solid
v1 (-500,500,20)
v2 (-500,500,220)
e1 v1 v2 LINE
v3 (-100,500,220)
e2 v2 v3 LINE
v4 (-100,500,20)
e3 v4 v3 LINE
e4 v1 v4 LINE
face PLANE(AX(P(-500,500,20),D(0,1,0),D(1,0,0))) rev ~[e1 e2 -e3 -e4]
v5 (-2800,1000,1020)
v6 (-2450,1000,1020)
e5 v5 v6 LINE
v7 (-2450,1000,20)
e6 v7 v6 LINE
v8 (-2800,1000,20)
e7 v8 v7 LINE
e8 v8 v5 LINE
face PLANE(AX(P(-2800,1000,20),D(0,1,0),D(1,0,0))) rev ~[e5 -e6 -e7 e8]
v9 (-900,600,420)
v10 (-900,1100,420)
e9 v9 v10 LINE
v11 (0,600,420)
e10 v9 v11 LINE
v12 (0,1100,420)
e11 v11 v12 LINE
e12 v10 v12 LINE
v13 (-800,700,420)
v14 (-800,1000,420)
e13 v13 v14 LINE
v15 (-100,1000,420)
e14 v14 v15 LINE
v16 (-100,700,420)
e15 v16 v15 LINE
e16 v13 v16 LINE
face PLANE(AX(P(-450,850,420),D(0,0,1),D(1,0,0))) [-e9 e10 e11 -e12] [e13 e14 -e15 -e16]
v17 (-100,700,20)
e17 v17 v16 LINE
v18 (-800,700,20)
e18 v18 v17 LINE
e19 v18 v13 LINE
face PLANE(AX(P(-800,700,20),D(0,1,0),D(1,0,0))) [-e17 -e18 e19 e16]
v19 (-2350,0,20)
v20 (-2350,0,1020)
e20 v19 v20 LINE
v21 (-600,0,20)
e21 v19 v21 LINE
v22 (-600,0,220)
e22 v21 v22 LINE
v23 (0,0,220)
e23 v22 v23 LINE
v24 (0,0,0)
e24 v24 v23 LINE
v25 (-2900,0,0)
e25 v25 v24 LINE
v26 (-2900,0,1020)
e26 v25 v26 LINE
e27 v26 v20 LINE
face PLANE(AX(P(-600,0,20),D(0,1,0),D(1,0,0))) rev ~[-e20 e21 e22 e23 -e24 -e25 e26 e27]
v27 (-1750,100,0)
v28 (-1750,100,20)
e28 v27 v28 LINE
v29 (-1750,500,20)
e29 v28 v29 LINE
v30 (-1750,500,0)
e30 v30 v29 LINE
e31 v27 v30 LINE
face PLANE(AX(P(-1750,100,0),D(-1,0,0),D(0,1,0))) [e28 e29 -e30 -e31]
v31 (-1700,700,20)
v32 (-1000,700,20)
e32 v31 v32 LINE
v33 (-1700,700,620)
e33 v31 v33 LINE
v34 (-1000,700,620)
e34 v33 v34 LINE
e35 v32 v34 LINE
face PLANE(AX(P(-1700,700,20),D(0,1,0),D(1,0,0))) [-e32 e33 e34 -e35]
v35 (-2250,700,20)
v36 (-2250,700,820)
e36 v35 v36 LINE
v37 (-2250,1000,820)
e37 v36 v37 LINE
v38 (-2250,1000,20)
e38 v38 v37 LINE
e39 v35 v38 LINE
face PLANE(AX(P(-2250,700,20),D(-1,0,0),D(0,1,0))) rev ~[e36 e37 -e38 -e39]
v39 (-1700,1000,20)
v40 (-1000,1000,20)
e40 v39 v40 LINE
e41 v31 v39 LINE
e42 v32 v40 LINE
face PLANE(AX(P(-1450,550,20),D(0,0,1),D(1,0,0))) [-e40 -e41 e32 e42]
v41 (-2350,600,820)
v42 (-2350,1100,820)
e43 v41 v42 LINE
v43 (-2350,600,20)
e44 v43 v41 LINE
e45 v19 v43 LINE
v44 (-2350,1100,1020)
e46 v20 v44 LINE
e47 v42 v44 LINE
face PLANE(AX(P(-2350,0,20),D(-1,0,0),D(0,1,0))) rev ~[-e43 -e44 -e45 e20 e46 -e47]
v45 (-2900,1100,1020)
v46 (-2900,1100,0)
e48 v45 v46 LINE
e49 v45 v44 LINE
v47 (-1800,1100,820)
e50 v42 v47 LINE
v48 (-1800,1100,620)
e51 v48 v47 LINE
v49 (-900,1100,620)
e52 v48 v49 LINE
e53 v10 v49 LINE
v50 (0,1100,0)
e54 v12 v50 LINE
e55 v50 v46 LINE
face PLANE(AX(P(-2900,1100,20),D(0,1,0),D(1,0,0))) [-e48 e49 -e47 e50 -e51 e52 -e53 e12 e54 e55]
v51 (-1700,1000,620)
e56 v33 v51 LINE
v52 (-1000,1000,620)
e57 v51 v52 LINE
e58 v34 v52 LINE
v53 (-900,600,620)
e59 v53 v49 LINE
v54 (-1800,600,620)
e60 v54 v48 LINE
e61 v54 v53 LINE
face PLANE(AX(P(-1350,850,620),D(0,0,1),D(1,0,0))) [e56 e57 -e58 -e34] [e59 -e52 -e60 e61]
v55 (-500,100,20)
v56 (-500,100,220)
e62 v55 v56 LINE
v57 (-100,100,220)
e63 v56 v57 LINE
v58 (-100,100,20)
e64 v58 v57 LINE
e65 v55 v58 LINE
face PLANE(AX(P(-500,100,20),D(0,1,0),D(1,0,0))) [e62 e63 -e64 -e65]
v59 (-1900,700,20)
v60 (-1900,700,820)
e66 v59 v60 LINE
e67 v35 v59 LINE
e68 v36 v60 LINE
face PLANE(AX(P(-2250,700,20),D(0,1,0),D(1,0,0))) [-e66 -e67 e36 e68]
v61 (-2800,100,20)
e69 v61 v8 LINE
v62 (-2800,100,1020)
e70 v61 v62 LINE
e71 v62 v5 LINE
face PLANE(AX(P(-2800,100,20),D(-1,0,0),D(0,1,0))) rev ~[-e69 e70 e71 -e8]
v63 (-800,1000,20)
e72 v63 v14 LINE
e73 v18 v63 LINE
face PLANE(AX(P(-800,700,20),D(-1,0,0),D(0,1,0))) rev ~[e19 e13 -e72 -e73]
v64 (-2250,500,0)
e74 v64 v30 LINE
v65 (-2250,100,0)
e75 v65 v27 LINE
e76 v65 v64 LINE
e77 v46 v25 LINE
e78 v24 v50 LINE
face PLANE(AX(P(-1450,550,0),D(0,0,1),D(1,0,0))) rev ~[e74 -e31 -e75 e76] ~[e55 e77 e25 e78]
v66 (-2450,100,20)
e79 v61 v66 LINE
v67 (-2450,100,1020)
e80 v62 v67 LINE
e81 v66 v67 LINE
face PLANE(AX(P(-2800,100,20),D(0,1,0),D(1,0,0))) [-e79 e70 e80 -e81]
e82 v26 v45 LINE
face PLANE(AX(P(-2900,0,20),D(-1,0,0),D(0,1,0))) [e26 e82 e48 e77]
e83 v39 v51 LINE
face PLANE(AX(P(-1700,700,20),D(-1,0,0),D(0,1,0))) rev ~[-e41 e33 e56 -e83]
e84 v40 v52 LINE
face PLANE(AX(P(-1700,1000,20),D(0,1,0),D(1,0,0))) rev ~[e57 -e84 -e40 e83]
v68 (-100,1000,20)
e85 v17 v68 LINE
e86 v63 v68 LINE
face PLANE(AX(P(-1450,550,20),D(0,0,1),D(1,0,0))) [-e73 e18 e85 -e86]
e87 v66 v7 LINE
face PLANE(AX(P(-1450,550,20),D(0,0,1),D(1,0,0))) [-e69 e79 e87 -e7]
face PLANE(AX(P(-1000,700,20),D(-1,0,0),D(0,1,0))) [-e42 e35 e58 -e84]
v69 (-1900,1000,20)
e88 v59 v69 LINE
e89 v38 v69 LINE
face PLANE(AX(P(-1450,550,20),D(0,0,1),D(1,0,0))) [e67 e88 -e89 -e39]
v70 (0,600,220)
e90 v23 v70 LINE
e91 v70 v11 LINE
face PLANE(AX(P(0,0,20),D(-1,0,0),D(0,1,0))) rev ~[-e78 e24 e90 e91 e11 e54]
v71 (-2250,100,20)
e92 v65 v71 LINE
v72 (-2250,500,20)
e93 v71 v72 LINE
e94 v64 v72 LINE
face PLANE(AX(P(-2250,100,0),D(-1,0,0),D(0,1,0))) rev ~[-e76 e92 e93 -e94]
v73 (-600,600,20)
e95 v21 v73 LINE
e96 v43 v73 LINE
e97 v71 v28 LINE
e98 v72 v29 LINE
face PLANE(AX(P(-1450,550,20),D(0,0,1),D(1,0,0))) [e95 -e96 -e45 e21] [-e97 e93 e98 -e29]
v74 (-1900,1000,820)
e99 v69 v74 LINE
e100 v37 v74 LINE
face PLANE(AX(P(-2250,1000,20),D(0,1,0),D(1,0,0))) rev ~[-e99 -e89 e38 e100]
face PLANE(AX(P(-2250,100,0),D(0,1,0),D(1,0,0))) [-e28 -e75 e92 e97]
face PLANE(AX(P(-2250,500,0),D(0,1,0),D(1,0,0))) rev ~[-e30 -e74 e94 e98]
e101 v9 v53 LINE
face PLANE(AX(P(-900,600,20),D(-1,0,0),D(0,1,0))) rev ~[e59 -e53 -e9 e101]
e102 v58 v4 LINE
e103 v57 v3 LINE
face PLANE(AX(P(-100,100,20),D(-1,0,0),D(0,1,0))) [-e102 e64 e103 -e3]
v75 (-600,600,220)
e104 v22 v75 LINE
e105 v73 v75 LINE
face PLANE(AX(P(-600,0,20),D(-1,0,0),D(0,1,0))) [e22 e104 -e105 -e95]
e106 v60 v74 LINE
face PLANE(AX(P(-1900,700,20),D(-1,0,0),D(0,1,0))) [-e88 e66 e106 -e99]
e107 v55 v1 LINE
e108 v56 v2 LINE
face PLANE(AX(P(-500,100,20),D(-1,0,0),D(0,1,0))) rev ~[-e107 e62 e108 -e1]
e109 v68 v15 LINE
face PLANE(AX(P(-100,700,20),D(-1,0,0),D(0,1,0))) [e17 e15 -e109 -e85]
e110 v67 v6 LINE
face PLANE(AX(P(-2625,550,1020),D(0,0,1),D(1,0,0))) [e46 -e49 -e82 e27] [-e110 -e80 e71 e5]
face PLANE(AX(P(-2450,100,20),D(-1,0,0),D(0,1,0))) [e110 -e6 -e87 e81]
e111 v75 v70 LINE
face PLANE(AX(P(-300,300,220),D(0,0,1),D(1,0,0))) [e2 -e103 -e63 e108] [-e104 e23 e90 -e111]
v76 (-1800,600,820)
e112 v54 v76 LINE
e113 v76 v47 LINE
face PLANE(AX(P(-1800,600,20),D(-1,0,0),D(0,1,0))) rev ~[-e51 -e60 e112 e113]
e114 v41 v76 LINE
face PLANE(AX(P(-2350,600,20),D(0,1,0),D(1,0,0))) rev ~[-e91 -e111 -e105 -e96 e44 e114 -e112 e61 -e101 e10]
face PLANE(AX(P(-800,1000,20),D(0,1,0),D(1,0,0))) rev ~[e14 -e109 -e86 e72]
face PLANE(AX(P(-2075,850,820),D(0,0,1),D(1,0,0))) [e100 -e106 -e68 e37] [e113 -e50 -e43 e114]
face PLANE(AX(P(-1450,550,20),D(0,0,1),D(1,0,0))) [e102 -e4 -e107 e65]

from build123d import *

# Parameters (mm, degrees)
F0_W      = 500
F0_H      = 400
F1_DEPTH  = 20
F2_W      = 900
F2_H      = 500
F2_W_2    = 700
F2_H_2    = 300
F3_DEPTH  = 400
F4_W      = 900
F4_H      = 500
F4_W_2    = 700
F4_H_2    = 300
F5_DEPTH  = 600
F6_W      = 550
F6_H      = 500
F6_W_2    = 350
F6_H_2    = 300
F7_DEPTH  = 800
F8_W      = 550
F8_H      = 1100
F8_W_2    = 350
F8_H_2    = 900
F9_DEPTH  = 1000
F10_W     = 600
F10_H     = 600
F10_W_2   = 400
F10_H_2   = 400
F11_DEPTH = 200


with BuildPart() as f1:
    # F0 (on Top) → F1 (new body)
    with BuildSketch(Plane.XY):
        Polygon((-2350, 0), (0, 0), (0, 1100), (-2900, 1100), (-2900, 0), align=None)
        with Locations((-2000, 300)):
            Rectangle(F0_W, F0_H, mode=Mode.SUBTRACT)
    extrude(amount=F1_DEPTH)

    # F2 (on face) → F3 (join)
    with BuildSketch(Plane.XY.offset(20)):
        with Locations((-450, 850)):
            Rectangle(F2_W, F2_H)
        with Locations((-450, 850)):
            Rectangle(F2_W_2, F2_H_2, mode=Mode.SUBTRACT)
    extrude(amount=F3_DEPTH)

    # F4 (on face) → F5 (join)
    with BuildSketch(Plane.XY.offset(20)):
        with Locations((-1350, 850)):
            Rectangle(F4_W, F4_H)
        with Locations((-1350, 850)):
            Rectangle(F4_W_2, F4_H_2, mode=Mode.SUBTRACT)
    extrude(amount=F5_DEPTH)

    # F6 (on face) → F7 (join)
    with BuildSketch(Plane.XY.offset(20)):
        with Locations((-2075, 850)):
            Rectangle(F6_W, F6_H)
        with Locations((-2075, 850)):
            Rectangle(F6_W_2, F6_H_2, mode=Mode.SUBTRACT)
    extrude(amount=F7_DEPTH)

    # F8 (on face) → F9 (join)
    with BuildSketch(Plane.XY.offset(20)):
        with Locations((-2625, 550)):
            Rectangle(F8_W, F8_H)
        with Locations((-2625, 550)):
            Rectangle(F8_W_2, F8_H_2, mode=Mode.SUBTRACT)
    extrude(amount=F9_DEPTH)

    # F10 (on face) → F11 (join)
    with BuildSketch(Plane.XY.offset(20)):
        with Locations((-300, 300)):
            Rectangle(F10_W, F10_H)
        with Locations((-300, 300)):
            Rectangle(F10_W_2, F10_H_2, mode=Mode.SUBTRACT)
    extrude(amount=F11_DEPTH)


solid = f1.part
